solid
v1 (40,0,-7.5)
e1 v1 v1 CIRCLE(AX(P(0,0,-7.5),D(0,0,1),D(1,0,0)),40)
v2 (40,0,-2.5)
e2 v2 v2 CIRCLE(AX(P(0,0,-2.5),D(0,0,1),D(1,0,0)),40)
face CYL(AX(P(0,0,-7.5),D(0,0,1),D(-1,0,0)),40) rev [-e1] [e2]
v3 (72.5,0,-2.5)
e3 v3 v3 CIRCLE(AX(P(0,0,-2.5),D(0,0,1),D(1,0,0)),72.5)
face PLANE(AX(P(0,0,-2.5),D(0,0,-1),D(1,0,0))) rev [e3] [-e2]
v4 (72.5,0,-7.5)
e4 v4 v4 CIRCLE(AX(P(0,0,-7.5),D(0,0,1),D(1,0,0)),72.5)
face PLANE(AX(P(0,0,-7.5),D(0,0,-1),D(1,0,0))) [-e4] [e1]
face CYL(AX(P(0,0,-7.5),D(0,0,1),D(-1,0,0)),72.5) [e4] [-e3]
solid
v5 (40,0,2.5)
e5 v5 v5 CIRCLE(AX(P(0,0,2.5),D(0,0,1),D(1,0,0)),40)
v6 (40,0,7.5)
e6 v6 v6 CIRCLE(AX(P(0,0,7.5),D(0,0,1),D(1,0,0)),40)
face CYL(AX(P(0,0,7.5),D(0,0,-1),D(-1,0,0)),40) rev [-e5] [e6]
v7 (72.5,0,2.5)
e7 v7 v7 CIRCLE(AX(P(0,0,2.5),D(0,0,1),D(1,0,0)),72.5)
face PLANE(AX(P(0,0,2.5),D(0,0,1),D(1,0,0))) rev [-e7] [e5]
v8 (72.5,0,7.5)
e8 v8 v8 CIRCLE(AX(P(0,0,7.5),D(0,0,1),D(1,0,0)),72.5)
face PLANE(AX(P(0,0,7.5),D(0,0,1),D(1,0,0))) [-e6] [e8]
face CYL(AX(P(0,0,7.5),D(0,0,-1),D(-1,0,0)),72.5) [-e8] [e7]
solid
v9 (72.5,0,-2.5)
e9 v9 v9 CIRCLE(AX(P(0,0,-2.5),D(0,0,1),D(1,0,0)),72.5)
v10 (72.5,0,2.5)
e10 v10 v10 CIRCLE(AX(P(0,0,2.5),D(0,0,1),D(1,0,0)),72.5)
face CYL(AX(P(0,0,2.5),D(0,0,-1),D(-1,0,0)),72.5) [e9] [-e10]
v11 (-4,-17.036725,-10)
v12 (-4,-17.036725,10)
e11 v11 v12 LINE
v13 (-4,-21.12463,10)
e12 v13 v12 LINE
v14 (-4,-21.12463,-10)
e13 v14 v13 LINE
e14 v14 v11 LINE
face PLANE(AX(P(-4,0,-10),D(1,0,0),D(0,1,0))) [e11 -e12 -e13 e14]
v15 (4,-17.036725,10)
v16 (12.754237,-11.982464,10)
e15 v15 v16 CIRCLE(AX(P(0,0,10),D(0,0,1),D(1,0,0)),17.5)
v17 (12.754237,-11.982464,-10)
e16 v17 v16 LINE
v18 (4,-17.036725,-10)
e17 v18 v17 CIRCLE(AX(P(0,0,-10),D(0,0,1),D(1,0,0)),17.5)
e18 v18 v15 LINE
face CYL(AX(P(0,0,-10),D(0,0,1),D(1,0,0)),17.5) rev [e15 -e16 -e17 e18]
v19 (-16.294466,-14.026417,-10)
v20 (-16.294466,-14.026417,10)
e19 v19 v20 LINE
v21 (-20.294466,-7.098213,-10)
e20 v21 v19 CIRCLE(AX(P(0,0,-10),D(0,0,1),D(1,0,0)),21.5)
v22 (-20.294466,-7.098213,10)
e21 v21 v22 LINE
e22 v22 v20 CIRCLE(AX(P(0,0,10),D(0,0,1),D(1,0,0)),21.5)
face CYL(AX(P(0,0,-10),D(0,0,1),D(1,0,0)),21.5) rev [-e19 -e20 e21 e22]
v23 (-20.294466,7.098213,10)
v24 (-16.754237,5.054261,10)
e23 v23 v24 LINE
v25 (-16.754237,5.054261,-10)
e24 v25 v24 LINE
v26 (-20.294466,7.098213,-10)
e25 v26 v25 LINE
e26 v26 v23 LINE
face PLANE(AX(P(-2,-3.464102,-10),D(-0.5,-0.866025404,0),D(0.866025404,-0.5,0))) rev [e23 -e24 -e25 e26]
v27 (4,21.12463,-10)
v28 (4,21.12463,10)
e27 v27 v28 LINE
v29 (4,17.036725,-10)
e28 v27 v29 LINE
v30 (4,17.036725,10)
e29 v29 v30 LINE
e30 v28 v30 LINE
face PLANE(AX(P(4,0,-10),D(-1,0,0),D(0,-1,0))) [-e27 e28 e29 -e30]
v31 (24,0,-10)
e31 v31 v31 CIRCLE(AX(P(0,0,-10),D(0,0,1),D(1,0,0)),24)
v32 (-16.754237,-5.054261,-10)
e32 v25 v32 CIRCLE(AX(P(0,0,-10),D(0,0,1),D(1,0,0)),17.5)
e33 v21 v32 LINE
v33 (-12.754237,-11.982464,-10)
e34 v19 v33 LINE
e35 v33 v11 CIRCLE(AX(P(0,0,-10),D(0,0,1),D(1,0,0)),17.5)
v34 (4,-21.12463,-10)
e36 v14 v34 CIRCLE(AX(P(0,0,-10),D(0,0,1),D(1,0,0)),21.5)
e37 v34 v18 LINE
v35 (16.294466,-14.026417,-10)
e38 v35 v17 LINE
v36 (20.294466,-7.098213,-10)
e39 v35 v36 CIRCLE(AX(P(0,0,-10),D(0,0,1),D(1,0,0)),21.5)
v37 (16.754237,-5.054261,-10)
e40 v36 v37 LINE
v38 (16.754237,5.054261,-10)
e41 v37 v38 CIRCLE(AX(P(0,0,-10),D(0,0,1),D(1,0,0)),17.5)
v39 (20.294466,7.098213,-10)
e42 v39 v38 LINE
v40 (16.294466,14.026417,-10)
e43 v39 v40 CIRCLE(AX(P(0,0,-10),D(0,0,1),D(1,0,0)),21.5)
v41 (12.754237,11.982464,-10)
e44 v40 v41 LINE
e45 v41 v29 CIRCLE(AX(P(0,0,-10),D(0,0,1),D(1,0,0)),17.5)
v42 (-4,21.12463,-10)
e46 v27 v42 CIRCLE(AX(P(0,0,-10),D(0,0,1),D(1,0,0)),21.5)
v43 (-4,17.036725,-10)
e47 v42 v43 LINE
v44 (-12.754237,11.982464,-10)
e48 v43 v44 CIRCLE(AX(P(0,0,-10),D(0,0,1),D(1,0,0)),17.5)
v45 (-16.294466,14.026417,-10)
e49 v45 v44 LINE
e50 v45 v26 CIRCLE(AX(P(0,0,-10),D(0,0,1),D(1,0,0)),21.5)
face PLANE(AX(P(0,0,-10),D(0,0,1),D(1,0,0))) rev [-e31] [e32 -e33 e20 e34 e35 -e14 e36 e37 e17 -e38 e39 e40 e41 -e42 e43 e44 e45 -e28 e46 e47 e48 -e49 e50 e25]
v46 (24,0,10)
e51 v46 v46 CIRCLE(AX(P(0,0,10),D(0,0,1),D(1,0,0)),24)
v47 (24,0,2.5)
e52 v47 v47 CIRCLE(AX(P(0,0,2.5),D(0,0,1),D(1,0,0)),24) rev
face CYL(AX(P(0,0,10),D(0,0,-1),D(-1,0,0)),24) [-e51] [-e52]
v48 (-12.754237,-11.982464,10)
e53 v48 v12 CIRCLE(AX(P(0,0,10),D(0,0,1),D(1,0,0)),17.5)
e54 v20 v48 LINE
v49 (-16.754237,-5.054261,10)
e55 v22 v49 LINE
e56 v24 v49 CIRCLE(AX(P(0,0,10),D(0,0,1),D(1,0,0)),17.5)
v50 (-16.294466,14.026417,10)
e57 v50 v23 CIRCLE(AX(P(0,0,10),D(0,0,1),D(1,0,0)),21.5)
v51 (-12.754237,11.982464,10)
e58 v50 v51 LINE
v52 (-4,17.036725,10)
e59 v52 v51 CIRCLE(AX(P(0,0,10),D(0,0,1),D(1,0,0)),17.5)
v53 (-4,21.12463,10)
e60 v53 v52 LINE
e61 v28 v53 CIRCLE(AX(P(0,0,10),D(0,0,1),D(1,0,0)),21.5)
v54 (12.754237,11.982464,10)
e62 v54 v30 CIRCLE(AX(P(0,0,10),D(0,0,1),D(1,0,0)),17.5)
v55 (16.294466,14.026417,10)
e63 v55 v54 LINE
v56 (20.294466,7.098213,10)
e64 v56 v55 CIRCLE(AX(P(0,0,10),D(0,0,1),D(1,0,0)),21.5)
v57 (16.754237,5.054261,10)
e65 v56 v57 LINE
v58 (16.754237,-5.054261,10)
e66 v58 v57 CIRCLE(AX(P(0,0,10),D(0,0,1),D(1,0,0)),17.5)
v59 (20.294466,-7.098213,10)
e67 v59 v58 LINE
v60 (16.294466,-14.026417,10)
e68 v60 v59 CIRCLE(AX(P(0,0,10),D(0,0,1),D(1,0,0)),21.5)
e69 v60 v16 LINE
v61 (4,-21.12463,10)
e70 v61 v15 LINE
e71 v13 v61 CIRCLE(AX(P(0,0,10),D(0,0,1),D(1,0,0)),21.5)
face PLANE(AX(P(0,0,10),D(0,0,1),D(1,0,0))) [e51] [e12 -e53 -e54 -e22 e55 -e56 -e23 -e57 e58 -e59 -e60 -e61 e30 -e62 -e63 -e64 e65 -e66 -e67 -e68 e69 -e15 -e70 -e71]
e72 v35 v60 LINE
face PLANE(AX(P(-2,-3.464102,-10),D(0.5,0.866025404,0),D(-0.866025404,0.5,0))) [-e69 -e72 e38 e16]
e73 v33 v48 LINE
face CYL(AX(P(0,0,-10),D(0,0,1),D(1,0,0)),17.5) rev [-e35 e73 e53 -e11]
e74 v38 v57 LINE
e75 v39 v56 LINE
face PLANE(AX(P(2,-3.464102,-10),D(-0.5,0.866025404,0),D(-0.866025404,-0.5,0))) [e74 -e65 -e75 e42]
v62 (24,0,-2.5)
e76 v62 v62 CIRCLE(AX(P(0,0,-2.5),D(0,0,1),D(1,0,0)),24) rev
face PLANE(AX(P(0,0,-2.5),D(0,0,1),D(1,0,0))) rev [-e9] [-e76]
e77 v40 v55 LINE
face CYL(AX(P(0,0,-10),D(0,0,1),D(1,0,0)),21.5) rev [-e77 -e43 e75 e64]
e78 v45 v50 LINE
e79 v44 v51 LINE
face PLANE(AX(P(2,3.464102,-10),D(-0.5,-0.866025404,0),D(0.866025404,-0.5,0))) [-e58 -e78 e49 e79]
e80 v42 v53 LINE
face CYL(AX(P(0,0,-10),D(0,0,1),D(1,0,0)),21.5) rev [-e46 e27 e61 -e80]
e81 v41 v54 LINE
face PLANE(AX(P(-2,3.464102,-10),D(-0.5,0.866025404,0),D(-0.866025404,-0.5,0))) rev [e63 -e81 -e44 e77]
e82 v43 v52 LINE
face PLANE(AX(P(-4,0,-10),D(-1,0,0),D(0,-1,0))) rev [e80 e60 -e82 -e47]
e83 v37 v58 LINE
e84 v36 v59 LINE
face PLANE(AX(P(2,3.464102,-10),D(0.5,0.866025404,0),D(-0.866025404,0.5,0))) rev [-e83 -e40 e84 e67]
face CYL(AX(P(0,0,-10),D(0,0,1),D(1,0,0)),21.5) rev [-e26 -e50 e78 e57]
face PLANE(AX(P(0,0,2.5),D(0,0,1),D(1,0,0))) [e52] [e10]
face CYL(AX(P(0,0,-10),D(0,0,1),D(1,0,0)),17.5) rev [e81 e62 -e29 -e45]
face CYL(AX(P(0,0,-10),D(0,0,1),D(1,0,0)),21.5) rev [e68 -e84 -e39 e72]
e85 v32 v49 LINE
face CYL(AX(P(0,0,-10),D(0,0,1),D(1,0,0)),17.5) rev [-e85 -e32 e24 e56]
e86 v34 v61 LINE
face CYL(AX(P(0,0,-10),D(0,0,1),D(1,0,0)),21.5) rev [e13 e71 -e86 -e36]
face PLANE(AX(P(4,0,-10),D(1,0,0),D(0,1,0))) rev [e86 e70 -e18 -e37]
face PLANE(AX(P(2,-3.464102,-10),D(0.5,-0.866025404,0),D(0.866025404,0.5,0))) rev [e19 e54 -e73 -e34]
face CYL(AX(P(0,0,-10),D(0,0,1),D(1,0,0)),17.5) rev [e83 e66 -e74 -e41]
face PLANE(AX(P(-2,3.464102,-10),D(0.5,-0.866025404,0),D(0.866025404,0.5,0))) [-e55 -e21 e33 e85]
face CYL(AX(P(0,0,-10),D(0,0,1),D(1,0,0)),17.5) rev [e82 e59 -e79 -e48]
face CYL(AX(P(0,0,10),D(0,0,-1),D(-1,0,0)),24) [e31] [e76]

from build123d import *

# Parameters (mm, degrees)
SKETCH1_R           = 72.5
BOSS_EXTRUDE1_DEPTH = 2.5
SKETCH3_R           = 24
BOSS_EXTRUDE2_DEPTH = 10
SKETCH4_R           = 72.5
SKETCH4_R_2         = 40
BOSS_EXTRUDE3_DEPTH = 5
CUT_EXTRUDE1_DEPTH  = 105.462912079


with BuildPart() as part:
    # Sketch1 → Boss-Extrude1 (new, symmetric)
    with BuildSketch(Plane.XY):
        Circle(SKETCH1_R)
    extrude(amount=BOSS_EXTRUDE1_DEPTH, both=True)

    # Sketch3 → Boss-Extrude2 (add, symmetric)
    with BuildSketch(Plane.XY):
        Circle(SKETCH3_R)
    extrude(amount=BOSS_EXTRUDE2_DEPTH, both=True)

    # Sketch5 → Cut-Extrude1 (cut, through all)
    with BuildSketch(Plane.XY.offset(10)):
        with BuildLine():
            ThreePointArc((4, 21.124630174), (0, 21.5), (-4, 21.124630174))
            Line((-4, 21.124630174), (-4, 17.036725037))
            ThreePointArc((-4, 17.036725037), (-8.75, 15.155444566), (-12.75423668, 11.982464134))
            Line((-12.75423668, 11.982464134), (-16.294466376, 14.026416702))
            ThreePointArc((-16.294466376, 14.026416702), (-18.619546181, 10.75), (-20.294466376, 7.098213472))
            Line((-20.294466376, 7.098213472), (-16.75423668, 5.054260904))
            ThreePointArc((-16.75423668, 5.054260904), (-17.5, 0), (-16.75423668, -5.054260904))
            Line((-16.75423668, -5.054260904), (-20.294466376, -7.098213472))
            ThreePointArc((-20.294466376, -7.098213472), (-18.619546181, -10.75), (-16.294466376, -14.026416702))
            Line((-16.294466376, -14.026416702), (-12.75423668, -11.982464134))
            ThreePointArc((-12.75423668, -11.982464134), (-8.75, -15.155444566), (-4, -17.036725037))
            Line((-4, -17.036725037), (-4, -21.124630174))
            ThreePointArc((-4, -21.124630174), (0, -21.5), (4, -21.124630174))
            Line((4, -21.124630174), (4, -17.036725037))
            ThreePointArc((4, -17.036725037), (8.75, -15.155444566), (12.75423668, -11.982464134))
            Line((12.75423668, -11.982464134), (16.294466376, -14.026416702))
            ThreePointArc((16.294466376, -14.026416702), (18.619546181, -10.75), (20.294466376, -7.098213472))
            Line((20.294466376, -7.098213472), (16.75423668, -5.054260904))
            ThreePointArc((16.75423668, -5.054260904), (17.5, 0), (16.75423668, 5.054260904))
            Line((16.75423668, 5.054260904), (20.294466376, 7.098213472))
            ThreePointArc((20.294466376, 7.098213472), (18.619546181, 10.75), (16.294466376, 14.026416702))
            Line((16.294466376, 14.026416702), (12.75423668, 11.982464134))
            ThreePointArc((12.75423668, 11.982464134), (8.75, 15.155444566), (4, 17.036725037))
            Line((4, 17.036725037), (4, 21.124630174))
        make_face()
    extrude(amount=-CUT_EXTRUDE1_DEPTH, mode=Mode.SUBTRACT)


with BuildPart() as body_2:
    # Sketch4 → Boss-Extrude3 (new body)
    with BuildSketch(Plane.XY.offset(2.5)):
        Circle(SKETCH4_R)
        Circle(SKETCH4_R_2, mode=Mode.SUBTRACT)
    extrude(amount=BOSS_EXTRUDE3_DEPTH)


with BuildPart() as body_3:
    # Mirror3: mirrored copy
    add(body_2.part.mirror(Plane.XY))


solid = Compound([part.part, body_2.part, body_3.part])
